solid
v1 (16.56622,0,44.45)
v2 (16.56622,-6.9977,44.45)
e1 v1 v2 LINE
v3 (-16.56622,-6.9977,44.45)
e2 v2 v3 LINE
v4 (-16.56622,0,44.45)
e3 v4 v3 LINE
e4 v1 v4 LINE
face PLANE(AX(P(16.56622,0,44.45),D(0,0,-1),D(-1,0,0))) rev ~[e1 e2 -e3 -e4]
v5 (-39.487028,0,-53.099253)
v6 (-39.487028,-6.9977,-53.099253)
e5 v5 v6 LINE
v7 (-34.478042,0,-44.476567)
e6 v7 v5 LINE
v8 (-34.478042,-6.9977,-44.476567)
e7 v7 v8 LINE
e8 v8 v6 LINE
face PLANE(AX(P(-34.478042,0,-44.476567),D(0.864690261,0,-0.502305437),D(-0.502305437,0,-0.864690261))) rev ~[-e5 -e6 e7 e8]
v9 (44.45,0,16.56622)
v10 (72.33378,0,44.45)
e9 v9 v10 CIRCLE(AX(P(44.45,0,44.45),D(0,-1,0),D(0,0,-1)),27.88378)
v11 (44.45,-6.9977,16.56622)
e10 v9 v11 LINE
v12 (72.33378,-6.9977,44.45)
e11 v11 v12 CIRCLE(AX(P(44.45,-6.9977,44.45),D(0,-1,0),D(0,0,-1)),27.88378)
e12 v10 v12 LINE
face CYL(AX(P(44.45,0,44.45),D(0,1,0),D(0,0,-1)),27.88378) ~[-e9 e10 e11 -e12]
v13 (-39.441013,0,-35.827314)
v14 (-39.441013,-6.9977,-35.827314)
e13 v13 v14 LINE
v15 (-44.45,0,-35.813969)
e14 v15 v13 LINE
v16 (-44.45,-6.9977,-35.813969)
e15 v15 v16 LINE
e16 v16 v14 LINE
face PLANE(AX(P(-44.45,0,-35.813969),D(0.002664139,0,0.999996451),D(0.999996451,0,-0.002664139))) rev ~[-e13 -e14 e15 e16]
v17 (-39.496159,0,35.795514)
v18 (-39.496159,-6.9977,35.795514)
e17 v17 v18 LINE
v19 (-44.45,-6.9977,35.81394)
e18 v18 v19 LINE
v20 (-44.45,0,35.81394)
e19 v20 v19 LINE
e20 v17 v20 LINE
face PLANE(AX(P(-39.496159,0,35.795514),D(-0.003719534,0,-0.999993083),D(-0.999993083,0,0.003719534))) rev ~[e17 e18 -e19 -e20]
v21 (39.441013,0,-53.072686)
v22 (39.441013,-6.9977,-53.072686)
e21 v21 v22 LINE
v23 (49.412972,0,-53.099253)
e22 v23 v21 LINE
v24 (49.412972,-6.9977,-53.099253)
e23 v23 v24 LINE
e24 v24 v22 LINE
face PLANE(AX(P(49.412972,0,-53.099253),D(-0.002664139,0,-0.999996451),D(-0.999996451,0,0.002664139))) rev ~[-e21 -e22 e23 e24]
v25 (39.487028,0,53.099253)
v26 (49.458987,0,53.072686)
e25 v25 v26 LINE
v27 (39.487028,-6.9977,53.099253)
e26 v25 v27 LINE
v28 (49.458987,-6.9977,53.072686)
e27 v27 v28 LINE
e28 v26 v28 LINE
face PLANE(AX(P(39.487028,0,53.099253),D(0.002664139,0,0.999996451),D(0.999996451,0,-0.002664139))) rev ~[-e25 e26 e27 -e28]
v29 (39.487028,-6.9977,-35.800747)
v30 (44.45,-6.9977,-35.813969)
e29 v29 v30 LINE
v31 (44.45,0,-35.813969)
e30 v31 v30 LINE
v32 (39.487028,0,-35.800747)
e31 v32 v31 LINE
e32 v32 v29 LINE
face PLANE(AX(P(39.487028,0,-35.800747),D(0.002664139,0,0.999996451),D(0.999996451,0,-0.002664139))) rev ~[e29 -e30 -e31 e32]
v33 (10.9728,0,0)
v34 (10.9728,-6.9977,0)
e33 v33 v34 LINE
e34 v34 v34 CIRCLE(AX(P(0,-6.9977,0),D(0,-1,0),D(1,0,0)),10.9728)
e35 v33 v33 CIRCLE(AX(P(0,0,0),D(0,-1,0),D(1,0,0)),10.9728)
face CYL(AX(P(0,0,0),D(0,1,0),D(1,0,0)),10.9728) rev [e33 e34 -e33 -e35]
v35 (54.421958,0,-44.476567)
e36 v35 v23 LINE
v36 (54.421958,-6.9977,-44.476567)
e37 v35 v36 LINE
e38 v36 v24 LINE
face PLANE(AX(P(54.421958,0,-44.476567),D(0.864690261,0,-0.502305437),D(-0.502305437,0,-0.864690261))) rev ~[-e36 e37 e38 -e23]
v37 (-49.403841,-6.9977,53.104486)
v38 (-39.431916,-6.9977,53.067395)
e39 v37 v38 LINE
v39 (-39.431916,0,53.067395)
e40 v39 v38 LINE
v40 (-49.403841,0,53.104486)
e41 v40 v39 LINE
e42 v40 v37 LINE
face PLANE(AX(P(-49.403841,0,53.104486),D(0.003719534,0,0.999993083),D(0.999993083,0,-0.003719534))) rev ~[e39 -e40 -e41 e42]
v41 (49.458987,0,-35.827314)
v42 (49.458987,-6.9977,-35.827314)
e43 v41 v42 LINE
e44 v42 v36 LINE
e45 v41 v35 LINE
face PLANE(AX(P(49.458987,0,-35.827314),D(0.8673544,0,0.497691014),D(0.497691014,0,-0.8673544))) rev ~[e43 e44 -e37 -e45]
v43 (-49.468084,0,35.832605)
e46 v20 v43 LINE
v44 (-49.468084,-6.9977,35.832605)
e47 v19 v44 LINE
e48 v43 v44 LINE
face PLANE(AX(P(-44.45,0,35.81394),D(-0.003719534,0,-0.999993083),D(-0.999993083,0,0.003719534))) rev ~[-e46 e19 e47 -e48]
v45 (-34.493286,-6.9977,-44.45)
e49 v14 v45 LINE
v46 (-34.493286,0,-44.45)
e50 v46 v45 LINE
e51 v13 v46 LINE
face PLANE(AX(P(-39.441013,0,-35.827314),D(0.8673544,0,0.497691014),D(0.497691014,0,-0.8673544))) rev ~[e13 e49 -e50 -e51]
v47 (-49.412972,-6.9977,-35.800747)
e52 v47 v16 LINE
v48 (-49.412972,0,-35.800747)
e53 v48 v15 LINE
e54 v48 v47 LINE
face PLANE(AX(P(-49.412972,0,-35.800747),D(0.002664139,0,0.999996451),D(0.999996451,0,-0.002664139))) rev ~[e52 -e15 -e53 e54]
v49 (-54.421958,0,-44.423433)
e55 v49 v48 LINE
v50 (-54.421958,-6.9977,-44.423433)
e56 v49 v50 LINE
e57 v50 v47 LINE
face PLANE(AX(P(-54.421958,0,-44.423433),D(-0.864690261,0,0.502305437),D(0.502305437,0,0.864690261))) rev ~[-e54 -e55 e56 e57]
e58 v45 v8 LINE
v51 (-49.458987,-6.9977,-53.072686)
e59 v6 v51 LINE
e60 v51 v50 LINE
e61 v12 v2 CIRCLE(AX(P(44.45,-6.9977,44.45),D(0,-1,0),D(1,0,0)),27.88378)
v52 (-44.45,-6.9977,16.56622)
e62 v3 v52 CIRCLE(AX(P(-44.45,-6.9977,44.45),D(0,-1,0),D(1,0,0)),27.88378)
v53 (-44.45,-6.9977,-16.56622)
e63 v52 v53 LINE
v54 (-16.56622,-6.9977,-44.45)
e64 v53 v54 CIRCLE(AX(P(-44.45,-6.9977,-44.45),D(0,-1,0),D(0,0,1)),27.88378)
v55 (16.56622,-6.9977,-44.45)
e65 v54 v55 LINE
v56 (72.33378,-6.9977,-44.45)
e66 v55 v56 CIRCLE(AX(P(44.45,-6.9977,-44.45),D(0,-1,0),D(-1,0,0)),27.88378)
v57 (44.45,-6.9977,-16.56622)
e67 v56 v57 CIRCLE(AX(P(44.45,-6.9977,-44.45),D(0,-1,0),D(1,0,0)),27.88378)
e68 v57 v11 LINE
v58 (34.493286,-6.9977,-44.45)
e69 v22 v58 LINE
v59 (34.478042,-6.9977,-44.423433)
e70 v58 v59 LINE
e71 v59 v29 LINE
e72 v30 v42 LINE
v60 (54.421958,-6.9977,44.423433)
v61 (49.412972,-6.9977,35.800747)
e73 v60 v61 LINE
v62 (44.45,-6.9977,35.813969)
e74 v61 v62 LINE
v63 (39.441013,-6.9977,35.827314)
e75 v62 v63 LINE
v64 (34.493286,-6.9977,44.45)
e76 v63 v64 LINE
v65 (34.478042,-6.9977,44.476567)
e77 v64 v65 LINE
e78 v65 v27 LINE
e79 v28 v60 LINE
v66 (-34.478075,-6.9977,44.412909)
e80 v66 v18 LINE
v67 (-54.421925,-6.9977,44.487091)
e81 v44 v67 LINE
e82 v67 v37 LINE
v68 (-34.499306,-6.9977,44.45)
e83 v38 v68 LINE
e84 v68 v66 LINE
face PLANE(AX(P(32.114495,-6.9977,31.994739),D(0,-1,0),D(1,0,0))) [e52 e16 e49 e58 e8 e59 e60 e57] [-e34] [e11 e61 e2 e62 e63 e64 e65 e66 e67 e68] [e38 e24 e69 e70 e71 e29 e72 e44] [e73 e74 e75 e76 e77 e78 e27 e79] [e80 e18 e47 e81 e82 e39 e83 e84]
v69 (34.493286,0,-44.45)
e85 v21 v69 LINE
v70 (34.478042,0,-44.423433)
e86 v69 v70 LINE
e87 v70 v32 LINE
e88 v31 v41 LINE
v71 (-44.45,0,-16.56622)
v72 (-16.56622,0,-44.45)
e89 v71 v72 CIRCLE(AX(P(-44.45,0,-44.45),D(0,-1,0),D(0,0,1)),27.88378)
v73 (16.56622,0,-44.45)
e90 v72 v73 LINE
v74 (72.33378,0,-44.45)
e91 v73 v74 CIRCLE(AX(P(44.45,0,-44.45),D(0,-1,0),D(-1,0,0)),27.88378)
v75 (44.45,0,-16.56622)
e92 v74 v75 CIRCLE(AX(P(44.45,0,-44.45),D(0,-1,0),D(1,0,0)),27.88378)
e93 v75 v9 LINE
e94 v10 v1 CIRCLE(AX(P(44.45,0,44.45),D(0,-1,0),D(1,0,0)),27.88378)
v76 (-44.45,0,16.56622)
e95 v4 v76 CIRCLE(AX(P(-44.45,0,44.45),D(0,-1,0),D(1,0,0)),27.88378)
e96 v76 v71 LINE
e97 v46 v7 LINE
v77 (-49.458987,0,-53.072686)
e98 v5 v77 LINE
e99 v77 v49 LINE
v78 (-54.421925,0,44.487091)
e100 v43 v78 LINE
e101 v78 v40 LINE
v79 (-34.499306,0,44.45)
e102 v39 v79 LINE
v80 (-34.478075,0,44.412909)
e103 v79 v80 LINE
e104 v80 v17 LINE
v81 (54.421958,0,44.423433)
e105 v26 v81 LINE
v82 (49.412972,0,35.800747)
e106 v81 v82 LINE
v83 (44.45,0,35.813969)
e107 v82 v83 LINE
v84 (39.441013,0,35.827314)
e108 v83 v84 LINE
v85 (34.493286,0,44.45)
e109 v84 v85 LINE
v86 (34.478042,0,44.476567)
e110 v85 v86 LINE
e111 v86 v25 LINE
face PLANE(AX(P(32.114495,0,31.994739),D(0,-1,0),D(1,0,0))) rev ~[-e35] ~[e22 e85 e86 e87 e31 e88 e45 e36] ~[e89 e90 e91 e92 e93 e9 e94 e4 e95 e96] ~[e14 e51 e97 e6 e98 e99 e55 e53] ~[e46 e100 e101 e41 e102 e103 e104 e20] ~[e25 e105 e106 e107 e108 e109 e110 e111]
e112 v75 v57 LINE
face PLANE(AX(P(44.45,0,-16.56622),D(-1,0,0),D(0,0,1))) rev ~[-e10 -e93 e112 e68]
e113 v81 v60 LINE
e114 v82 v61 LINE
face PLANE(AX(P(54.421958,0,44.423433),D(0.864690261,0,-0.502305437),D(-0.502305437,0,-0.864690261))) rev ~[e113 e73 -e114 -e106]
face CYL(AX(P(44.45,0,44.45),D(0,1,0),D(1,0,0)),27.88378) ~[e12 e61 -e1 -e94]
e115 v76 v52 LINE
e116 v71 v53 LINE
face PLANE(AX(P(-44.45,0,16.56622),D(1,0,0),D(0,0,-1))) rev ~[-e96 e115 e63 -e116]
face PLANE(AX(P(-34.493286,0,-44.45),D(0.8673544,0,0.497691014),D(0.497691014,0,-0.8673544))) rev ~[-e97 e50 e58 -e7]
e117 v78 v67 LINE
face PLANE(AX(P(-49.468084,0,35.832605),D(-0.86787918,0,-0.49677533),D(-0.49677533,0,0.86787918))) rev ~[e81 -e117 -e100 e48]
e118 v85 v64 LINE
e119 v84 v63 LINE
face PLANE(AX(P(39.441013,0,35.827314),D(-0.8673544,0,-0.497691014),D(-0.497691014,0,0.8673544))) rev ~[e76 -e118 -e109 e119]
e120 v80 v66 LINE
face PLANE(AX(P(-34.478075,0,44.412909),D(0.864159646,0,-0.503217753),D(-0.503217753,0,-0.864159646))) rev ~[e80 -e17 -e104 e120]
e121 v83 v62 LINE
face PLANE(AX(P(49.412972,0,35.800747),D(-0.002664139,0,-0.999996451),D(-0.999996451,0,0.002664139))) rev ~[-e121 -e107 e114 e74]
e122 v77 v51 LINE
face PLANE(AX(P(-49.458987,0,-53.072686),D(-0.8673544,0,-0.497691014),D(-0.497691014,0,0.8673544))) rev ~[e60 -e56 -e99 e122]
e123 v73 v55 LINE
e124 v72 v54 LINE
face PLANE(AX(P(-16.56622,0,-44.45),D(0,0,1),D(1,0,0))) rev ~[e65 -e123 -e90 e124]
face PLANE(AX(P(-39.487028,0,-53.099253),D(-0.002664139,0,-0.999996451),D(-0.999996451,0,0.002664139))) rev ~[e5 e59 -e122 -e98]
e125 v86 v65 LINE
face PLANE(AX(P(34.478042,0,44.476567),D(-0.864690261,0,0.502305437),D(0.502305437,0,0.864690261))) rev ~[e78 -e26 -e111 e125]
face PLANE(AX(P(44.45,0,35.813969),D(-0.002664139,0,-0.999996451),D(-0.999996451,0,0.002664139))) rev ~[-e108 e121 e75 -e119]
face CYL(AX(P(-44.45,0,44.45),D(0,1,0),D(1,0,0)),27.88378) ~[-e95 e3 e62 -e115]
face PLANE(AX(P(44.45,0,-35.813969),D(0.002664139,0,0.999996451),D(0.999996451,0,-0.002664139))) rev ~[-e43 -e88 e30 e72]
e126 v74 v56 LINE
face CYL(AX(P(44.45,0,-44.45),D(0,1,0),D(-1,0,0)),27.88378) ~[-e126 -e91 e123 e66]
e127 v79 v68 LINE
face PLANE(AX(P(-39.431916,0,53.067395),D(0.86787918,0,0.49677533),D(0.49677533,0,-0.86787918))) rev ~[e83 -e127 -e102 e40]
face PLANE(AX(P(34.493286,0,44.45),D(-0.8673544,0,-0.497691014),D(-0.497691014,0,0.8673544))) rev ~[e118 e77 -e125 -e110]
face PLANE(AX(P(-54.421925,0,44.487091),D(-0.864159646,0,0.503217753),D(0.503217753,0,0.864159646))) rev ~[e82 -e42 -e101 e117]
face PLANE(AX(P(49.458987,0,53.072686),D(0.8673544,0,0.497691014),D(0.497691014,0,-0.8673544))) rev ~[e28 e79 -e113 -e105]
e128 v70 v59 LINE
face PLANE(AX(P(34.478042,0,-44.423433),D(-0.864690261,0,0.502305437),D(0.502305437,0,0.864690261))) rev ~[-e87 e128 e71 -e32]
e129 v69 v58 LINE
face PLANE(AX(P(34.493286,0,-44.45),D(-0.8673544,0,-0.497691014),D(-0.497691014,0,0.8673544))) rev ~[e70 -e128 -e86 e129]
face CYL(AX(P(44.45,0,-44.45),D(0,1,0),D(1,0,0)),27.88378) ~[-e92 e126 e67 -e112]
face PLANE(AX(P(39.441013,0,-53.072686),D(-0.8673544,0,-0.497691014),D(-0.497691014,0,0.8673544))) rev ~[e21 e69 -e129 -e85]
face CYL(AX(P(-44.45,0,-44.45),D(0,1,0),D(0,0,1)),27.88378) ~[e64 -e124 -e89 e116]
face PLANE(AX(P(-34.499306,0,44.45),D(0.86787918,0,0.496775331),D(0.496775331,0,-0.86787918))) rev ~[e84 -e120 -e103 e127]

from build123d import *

# Parameters (mm, degrees)
F0_R     = 10.9728
F1_DEPTH = 6.9977


with BuildPart() as f1:
    # F0 (on Front) → F1 (new body)
    with BuildSketch(Plane.XZ):
        with BuildLine():
            Line((39.4410132672, 35.8273140354), (34.4932856489, 44.45))
            Line((34.4932856489, 44.45), (16.56621992, 44.45))
            ThreePointArc((16.56621992, 44.45), (24.7331900203, 24.7331900203), (44.45, 16.56621992))
            Line((44.45, 16.56621992), (44.45, 35.8139693522))
            Line((44.45, 35.8139693522), (39.4410132672, 35.8273140354))
        make_face()
        with BuildLine():
            Line((16.56621992, 44.45), (34.4932856489, 44.45))
            Line((34.4932856489, 44.45), (34.4780415394, 44.4765667755))
            Line((34.4780415394, 44.4765667755), (39.4870282722, 53.0992527401))
            Line((39.4870282722, 53.0992527401), (49.4589867328, 53.0726859646))
            Line((49.4589867328, 53.0726859646), (54.4219584606, 44.4234332245))
            Line((54.4219584606, 44.4234332245), (49.4129717278, 35.8007472599))
            Line((49.4129717278, 35.8007472599), (44.45, 35.8139693522))
            Line((44.45, 35.8139693522), (44.45, 16.56621992))
            ThreePointArc((44.45, 16.56621992), (64.1668099797, 24.7331900203), (72.33378008, 44.45))
            ThreePointArc((72.33378008, 44.45), (44.45, 72.33378008), (16.56621992, 44.45))
        make_face()
        with BuildLine():
            ThreePointArc((44.45, 16.56621992), (24.7331900203, 24.7331900203), (16.56621992, 44.45))
            Line((16.56621992, 44.45), (-16.56621992, 44.45))
            ThreePointArc((-16.56621992, 44.45), (-24.7331900203, 24.7331900203), (-44.45, 16.56621992))
            Line((-44.45, 16.56621992), (-44.45, -16.56621992))
            ThreePointArc((-44.45, -16.56621992), (-24.7331900203, -24.7331900203), (-16.56621992, -44.45))
            Line((-16.56621992, -44.45), (16.56621992, -44.45))
            ThreePointArc((16.56621992, -44.45), (24.7331900203, -24.7331900203), (44.45, -16.56621992))
            Line((44.45, -16.56621992), (44.45, 16.56621992))
        make_face()
        Circle(F0_R, mode=Mode.SUBTRACT)
        with BuildLine():
            ThreePointArc((-44.45, 16.56621992), (-24.7331900203, 24.7331900203), (-16.56621992, 44.45))
            Line((-16.56621992, 44.45), (-34.4993061746, 44.45))
            Line((-34.4993061746, 44.45), (-34.4780751317, 44.4129088263))
            Line((-34.4780751317, 44.4129088263), (-39.4961594646, 35.7955141526))
            Line((-39.4961594646, 35.7955141526), (-44.45, 35.8139402601))
            Line((-44.45, 35.8139402601), (-44.45, 16.56621992))
        make_face()
        with BuildLine():
            Line((-34.4993061746, 44.45), (-16.56621992, 44.45))
            ThreePointArc((-16.56621992, 44.45), (-64.1668099797, 64.1668099797), (-44.45, 16.56621992))
            Line((-44.45, 16.56621992), (-44.45, 35.8139402601))
            Line((-44.45, 35.8139402601), (-49.4680843328, 35.8326053263))
            Line((-49.4680843328, 35.8326053263), (-54.4219248683, 44.4870911737))
            Line((-54.4219248683, 44.4870911737), (-49.4038405354, 53.1044858474))
            Line((-49.4038405354, 53.1044858474), (-39.4319156672, 53.0673946737))
            Line((-39.4319156672, 53.0673946737), (-34.4993061746, 44.45))
        make_face()
        with BuildLine():
            ThreePointArc((72.33378008, -44.45), (64.1668099797, -24.7331900203), (44.45, -16.56621992))
            Line((44.45, -16.56621992), (44.45, -35.8139693522))
            Line((44.45, -35.8139693522), (49.4589867328, -35.8273140354))
            Line((49.4589867328, -35.8273140354), (54.4219584606, -44.4765667755))
            Line((54.4219584606, -44.4765667755), (49.4129717278, -53.0992527401))
            Line((49.4129717278, -53.0992527401), (39.4410132672, -53.0726859646))
            Line((39.4410132672, -53.0726859646), (34.4932856489, -44.45))
            Line((34.4932856489, -44.45), (16.56621992, -44.45))
            ThreePointArc((16.56621992, -44.45), (44.45, -72.33378008), (72.33378008, -44.45))
        make_face()
        with BuildLine():
            Line((44.45, -35.8139693522), (44.45, -16.56621992))
            ThreePointArc((44.45, -16.56621992), (24.7331900203, -24.7331900203), (16.56621992, -44.45))
            Line((16.56621992, -44.45), (34.4932856489, -44.45))
            Line((34.4932856489, -44.45), (34.4780415394, -44.4234332245))
            Line((34.4780415394, -44.4234332245), (39.4870282722, -35.8007472599))
            Line((39.4870282722, -35.8007472599), (44.45, -35.8139693522))
        make_face()
        with BuildLine():
            ThreePointArc((-16.56621992, -44.45), (-24.7331900203, -24.7331900203), (-44.45, -16.56621992))
            Line((-44.45, -16.56621992), (-44.45, -35.8139693522))
            Line((-44.45, -35.8139693522), (-39.4410132672, -35.8273140354))
            Line((-39.4410132672, -35.8273140354), (-34.4932856489, -44.45))
            Line((-34.4932856489, -44.45), (-16.56621992, -44.45))
        make_face()
        with BuildLine():
            Line((-44.45, -35.8139693522), (-44.45, -16.56621992))
            ThreePointArc((-44.45, -16.56621992), (-64.1668099797, -64.1668099797), (-16.56621992, -44.45))
            Line((-16.56621992, -44.45), (-34.4932856489, -44.45))
            Line((-34.4932856489, -44.45), (-34.4780415394, -44.4765667755))
            Line((-34.4780415394, -44.4765667755), (-39.4870282722, -53.0992527401))
            Line((-39.4870282722, -53.0992527401), (-49.4589867328, -53.0726859646))
            Line((-49.4589867328, -53.0726859646), (-54.4219584606, -44.4234332245))
            Line((-54.4219584606, -44.4234332245), (-49.4129717278, -35.8007472599))
            Line((-49.4129717278, -35.8007472599), (-44.45, -35.8139693522))
        make_face()
    extrude(amount=F1_DEPTH)


solid = f1.part
